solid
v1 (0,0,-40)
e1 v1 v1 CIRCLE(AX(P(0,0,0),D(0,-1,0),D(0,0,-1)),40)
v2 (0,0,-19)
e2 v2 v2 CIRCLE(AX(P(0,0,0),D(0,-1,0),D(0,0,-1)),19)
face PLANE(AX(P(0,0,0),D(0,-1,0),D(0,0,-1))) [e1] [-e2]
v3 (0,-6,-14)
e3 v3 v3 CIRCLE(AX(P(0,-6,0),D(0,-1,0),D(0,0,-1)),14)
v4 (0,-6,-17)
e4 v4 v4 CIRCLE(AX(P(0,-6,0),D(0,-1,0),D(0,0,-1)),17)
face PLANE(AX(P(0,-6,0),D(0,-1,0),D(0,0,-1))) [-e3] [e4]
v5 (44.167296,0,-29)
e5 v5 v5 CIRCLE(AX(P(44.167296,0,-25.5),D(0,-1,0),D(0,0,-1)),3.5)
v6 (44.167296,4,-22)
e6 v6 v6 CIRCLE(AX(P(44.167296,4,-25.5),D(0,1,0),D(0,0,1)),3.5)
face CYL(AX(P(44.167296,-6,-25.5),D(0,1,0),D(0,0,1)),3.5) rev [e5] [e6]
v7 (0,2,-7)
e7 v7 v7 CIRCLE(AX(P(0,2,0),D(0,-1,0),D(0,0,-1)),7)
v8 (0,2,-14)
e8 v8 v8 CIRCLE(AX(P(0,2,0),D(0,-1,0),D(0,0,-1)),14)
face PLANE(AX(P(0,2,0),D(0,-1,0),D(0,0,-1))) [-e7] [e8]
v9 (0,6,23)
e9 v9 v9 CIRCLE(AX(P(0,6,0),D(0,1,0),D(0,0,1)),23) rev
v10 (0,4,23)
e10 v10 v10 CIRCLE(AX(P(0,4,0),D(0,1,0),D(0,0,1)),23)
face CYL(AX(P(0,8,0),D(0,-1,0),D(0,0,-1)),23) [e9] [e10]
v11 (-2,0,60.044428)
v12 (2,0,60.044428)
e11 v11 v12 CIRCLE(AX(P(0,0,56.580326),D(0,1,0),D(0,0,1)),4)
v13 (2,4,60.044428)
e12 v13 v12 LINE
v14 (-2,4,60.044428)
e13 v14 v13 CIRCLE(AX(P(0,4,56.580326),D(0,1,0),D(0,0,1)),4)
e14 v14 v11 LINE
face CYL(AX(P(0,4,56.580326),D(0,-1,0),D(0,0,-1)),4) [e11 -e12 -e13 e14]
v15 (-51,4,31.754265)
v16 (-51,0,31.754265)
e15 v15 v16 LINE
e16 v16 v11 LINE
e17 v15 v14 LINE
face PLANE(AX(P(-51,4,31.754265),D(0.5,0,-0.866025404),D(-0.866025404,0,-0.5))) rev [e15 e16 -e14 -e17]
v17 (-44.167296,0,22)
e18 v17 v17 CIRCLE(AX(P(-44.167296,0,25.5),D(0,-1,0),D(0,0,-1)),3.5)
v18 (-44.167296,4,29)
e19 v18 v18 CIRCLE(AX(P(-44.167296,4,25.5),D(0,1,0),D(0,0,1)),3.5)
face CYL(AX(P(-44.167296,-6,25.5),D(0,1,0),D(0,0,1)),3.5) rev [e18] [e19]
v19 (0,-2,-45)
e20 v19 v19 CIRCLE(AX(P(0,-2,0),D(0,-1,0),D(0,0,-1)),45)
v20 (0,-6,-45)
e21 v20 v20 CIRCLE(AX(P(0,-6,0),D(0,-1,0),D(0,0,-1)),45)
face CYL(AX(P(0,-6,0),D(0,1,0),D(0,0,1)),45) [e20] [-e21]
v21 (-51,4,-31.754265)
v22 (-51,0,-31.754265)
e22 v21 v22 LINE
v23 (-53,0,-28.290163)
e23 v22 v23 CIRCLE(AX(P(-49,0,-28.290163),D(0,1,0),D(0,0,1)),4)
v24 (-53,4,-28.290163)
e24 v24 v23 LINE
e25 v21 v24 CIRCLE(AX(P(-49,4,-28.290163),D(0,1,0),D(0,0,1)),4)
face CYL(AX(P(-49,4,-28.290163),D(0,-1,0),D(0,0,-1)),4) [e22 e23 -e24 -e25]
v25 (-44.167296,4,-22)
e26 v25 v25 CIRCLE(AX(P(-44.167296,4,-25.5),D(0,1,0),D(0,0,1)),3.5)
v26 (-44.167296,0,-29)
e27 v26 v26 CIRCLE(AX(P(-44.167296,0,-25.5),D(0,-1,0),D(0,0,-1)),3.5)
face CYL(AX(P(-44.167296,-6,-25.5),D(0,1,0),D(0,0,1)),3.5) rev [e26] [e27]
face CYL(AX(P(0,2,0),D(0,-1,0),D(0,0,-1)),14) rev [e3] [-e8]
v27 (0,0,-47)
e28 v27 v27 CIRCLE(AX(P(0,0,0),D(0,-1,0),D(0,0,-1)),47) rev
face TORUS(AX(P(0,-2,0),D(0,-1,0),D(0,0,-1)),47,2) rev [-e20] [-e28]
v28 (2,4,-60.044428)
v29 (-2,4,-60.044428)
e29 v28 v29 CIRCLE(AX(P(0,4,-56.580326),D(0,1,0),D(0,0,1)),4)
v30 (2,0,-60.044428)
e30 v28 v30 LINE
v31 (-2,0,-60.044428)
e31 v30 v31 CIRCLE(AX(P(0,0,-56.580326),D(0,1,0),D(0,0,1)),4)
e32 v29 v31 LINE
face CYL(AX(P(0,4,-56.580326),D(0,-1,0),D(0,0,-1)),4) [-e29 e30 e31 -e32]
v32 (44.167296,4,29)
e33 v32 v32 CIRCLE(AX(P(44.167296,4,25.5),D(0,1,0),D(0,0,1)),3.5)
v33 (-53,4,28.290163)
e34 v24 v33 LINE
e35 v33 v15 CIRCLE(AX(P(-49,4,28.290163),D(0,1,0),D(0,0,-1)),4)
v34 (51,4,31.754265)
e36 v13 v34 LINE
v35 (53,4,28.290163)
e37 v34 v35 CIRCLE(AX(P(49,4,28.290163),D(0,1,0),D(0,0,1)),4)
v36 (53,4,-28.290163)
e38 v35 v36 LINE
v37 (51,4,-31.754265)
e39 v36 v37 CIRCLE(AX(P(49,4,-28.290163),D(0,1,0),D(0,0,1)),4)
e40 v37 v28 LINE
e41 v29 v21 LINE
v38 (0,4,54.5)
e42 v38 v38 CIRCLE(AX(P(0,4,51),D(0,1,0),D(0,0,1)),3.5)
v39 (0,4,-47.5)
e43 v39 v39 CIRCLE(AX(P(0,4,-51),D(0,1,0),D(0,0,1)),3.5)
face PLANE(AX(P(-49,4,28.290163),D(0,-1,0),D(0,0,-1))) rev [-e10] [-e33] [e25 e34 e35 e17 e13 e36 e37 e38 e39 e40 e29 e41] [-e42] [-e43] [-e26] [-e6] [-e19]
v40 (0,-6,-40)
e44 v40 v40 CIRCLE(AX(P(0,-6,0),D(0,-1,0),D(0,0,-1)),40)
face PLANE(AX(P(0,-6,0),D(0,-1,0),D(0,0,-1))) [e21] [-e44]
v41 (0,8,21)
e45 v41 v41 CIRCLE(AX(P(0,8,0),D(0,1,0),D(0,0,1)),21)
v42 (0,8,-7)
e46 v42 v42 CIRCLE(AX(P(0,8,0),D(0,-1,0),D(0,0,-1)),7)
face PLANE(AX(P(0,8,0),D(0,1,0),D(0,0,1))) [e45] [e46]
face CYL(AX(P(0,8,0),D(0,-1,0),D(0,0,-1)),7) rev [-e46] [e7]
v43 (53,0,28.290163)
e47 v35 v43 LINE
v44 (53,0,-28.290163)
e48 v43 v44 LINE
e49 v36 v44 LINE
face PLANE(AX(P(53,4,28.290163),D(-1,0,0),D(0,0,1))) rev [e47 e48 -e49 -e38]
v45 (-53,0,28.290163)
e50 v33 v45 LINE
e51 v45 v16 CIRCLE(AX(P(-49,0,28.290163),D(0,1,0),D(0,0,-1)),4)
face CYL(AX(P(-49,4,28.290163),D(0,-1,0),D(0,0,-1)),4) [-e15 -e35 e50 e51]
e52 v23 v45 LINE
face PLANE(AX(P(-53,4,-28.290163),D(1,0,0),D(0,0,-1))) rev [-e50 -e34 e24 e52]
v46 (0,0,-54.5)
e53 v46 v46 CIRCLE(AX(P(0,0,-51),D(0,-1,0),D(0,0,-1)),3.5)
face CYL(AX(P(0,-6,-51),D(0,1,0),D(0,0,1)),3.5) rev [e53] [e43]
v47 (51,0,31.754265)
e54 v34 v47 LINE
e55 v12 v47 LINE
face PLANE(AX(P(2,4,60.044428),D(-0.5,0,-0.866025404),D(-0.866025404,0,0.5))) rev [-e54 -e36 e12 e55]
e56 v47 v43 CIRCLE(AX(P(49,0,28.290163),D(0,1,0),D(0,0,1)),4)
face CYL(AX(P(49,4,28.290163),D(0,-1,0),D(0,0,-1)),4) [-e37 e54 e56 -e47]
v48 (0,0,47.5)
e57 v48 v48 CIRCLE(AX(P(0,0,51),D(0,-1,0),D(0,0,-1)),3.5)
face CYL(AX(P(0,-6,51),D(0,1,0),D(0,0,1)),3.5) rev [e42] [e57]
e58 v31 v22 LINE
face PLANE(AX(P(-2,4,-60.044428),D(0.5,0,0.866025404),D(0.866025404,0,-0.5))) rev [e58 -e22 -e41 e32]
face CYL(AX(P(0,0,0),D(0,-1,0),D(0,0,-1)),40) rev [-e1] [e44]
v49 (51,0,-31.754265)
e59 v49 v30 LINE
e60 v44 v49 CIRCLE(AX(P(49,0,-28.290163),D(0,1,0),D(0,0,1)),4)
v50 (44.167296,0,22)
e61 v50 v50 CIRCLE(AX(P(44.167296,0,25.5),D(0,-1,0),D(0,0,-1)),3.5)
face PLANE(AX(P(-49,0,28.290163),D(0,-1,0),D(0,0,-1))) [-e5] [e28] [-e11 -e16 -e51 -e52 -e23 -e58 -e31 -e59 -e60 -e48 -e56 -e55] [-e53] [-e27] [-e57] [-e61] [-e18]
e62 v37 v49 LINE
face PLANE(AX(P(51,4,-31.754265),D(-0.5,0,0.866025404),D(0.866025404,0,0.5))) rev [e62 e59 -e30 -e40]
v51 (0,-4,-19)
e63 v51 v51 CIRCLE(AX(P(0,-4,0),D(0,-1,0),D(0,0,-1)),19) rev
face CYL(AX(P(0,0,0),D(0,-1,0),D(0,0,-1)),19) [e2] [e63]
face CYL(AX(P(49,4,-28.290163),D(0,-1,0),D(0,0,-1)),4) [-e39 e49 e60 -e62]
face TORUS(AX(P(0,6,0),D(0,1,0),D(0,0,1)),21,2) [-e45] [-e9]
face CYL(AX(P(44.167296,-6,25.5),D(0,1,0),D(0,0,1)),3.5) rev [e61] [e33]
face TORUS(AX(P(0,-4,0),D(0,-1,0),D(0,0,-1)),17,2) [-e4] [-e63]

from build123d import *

# Parameters (mm, degrees)
BOSS_EXTRUDE1_DEPTH = 4
SKETCH2_R           = 23
BOSS_EXTRUDE2_DEPTH = 4
SKETCH3_R           = 45
BOSS_EXTRUDE3_DEPTH = 6
SKETCH4_R           = 40
SKETCH4_R_2         = 19
CUT_EXTRUDE1_DEPTH  = 6
SKETCH5_R           = 14
CUT_EXTRUDE2_DEPTH  = 8
SKETCH6_R           = 7
CUT_EXTRUDE3_DEPTH  = 81.888663881
FILLET1_R           = 2
SKETCH7_R           = 3.5
CUT_EXTRUDE4_DEPTH  = 82.110886719


with BuildPart() as part:
    # Sketch1 → Boss-Extrude1 (new body)
    with BuildSketch(Plane(origin=(0, 0, 0), x_dir=(1, 0, 0), z_dir=(0, 1, 0))):
        with BuildLine():
            Line((2, -60.044427996), (51, -31.754264805))
            ThreePointArc((51, -31.754264805), (52.464101615, -30.29016319), (53, -28.29016319))
            Line((53, -28.29016319), (53, 28.29016319))
            ThreePointArc((53, 28.29016319), (52.464101615, 30.29016319), (51, 31.754264805))
            Line((51, 31.754264805), (2, 60.044427996))
            ThreePointArc((2, 60.044427996), (0, 60.580326381), (-2, 60.044427996))
            Line((-2, 60.044427996), (-51, 31.754264805))
            ThreePointArc((-51, 31.754264805), (-52.464101615, 30.29016319), (-53, 28.29016319))
            Line((-53, 28.29016319), (-53, -28.29016319))
            ThreePointArc((-53, -28.29016319), (-52.464101615, -30.29016319), (-51, -31.754264805))
            Line((-51, -31.754264805), (-2, -60.044427996))
            ThreePointArc((-2, -60.044427996), (0, -60.580326381), (2, -60.044427996))
        make_face()
    extrude(amount=BOSS_EXTRUDE1_DEPTH)

    # Sketch2 → Boss-Extrude2 (add)
    with BuildSketch(Plane(origin=(0, 4, 0), x_dir=(1, 0, 0), z_dir=(0, 1, 0))):
        with Locations(Location((0, 0, 0), (0, 0, 270))):
            Circle(SKETCH2_R)
    extrude(amount=BOSS_EXTRUDE2_DEPTH)

    # Sketch3 → Boss-Extrude3 (add)
    with BuildSketch(Plane.XZ):
        with Locations(Location((0, 0, 0), (0, 0, 270))):
            Circle(SKETCH3_R)
    extrude(amount=BOSS_EXTRUDE3_DEPTH)

    # Sketch4 → Cut-Extrude1 (cut)
    with BuildSketch(Plane.XZ.offset(6)):
        with Locations(Location((0, 0, 0), (0, 0, 270))):
            Circle(SKETCH4_R)
        with Locations(Location((0, 0, 0), (0, 0, 270))):
            Circle(SKETCH4_R_2, mode=Mode.SUBTRACT)
    extrude(amount=-CUT_EXTRUDE1_DEPTH, mode=Mode.SUBTRACT)

    # Sketch5 → Cut-Extrude2 (cut)
    with BuildSketch(Plane.XZ.offset(6)):
        with Locations(Location((0, 0, 0), (0, 0, 270))):
            Circle(SKETCH5_R)
    extrude(amount=-CUT_EXTRUDE2_DEPTH, mode=Mode.SUBTRACT)

    # Sketch6 → Cut-Extrude3 (cut, through all)
    with BuildSketch(Plane.XZ.offset(-2)):
        with Locations(Location((0, 0, 0), (0, 0, 270))):
            Circle(SKETCH6_R)
    extrude(amount=-CUT_EXTRUDE3_DEPTH, mode=Mode.SUBTRACT)

    # Fillet1
    fillet1_edges = [part.edges().sort_by_distance(p)[0] for p in [
        (0, 8, -23),
        (0, 0, 45),
        (0, -6, 19),
    ]]
    fillet(fillet1_edges, radius=FILLET1_R)

    # Sketch7 → Cut-Extrude4 (cut, through all)
    with BuildSketch(Plane(origin=(0, 4, 0), x_dir=(1, 0, 0), z_dir=(0, 1, 0))):
        with Locations(Location((0, 51, 0), (0, 0, 270))):
            Circle(SKETCH7_R)
        with Locations(Location((44.167295593, 25.5, 0), (0, 0, 270))):
            Circle(SKETCH7_R)
        with Locations(Location((44.167295593, -25.5, 0), (0, 0, 270))):
            Circle(SKETCH7_R)
        with Locations(Location((0, -51, 0), (0, 0, 270))):
            Circle(SKETCH7_R)
        with Locations(Location((-44.167295593, -25.5, 0), (0, 0, 270))):
            Circle(SKETCH7_R)
        with Locations(Location((-44.167295593, 25.5, 0), (0, 0, 270))):
            Circle(SKETCH7_R)
    extrude(amount=-CUT_EXTRUDE4_DEPTH, mode=Mode.SUBTRACT)


solid = part.part
